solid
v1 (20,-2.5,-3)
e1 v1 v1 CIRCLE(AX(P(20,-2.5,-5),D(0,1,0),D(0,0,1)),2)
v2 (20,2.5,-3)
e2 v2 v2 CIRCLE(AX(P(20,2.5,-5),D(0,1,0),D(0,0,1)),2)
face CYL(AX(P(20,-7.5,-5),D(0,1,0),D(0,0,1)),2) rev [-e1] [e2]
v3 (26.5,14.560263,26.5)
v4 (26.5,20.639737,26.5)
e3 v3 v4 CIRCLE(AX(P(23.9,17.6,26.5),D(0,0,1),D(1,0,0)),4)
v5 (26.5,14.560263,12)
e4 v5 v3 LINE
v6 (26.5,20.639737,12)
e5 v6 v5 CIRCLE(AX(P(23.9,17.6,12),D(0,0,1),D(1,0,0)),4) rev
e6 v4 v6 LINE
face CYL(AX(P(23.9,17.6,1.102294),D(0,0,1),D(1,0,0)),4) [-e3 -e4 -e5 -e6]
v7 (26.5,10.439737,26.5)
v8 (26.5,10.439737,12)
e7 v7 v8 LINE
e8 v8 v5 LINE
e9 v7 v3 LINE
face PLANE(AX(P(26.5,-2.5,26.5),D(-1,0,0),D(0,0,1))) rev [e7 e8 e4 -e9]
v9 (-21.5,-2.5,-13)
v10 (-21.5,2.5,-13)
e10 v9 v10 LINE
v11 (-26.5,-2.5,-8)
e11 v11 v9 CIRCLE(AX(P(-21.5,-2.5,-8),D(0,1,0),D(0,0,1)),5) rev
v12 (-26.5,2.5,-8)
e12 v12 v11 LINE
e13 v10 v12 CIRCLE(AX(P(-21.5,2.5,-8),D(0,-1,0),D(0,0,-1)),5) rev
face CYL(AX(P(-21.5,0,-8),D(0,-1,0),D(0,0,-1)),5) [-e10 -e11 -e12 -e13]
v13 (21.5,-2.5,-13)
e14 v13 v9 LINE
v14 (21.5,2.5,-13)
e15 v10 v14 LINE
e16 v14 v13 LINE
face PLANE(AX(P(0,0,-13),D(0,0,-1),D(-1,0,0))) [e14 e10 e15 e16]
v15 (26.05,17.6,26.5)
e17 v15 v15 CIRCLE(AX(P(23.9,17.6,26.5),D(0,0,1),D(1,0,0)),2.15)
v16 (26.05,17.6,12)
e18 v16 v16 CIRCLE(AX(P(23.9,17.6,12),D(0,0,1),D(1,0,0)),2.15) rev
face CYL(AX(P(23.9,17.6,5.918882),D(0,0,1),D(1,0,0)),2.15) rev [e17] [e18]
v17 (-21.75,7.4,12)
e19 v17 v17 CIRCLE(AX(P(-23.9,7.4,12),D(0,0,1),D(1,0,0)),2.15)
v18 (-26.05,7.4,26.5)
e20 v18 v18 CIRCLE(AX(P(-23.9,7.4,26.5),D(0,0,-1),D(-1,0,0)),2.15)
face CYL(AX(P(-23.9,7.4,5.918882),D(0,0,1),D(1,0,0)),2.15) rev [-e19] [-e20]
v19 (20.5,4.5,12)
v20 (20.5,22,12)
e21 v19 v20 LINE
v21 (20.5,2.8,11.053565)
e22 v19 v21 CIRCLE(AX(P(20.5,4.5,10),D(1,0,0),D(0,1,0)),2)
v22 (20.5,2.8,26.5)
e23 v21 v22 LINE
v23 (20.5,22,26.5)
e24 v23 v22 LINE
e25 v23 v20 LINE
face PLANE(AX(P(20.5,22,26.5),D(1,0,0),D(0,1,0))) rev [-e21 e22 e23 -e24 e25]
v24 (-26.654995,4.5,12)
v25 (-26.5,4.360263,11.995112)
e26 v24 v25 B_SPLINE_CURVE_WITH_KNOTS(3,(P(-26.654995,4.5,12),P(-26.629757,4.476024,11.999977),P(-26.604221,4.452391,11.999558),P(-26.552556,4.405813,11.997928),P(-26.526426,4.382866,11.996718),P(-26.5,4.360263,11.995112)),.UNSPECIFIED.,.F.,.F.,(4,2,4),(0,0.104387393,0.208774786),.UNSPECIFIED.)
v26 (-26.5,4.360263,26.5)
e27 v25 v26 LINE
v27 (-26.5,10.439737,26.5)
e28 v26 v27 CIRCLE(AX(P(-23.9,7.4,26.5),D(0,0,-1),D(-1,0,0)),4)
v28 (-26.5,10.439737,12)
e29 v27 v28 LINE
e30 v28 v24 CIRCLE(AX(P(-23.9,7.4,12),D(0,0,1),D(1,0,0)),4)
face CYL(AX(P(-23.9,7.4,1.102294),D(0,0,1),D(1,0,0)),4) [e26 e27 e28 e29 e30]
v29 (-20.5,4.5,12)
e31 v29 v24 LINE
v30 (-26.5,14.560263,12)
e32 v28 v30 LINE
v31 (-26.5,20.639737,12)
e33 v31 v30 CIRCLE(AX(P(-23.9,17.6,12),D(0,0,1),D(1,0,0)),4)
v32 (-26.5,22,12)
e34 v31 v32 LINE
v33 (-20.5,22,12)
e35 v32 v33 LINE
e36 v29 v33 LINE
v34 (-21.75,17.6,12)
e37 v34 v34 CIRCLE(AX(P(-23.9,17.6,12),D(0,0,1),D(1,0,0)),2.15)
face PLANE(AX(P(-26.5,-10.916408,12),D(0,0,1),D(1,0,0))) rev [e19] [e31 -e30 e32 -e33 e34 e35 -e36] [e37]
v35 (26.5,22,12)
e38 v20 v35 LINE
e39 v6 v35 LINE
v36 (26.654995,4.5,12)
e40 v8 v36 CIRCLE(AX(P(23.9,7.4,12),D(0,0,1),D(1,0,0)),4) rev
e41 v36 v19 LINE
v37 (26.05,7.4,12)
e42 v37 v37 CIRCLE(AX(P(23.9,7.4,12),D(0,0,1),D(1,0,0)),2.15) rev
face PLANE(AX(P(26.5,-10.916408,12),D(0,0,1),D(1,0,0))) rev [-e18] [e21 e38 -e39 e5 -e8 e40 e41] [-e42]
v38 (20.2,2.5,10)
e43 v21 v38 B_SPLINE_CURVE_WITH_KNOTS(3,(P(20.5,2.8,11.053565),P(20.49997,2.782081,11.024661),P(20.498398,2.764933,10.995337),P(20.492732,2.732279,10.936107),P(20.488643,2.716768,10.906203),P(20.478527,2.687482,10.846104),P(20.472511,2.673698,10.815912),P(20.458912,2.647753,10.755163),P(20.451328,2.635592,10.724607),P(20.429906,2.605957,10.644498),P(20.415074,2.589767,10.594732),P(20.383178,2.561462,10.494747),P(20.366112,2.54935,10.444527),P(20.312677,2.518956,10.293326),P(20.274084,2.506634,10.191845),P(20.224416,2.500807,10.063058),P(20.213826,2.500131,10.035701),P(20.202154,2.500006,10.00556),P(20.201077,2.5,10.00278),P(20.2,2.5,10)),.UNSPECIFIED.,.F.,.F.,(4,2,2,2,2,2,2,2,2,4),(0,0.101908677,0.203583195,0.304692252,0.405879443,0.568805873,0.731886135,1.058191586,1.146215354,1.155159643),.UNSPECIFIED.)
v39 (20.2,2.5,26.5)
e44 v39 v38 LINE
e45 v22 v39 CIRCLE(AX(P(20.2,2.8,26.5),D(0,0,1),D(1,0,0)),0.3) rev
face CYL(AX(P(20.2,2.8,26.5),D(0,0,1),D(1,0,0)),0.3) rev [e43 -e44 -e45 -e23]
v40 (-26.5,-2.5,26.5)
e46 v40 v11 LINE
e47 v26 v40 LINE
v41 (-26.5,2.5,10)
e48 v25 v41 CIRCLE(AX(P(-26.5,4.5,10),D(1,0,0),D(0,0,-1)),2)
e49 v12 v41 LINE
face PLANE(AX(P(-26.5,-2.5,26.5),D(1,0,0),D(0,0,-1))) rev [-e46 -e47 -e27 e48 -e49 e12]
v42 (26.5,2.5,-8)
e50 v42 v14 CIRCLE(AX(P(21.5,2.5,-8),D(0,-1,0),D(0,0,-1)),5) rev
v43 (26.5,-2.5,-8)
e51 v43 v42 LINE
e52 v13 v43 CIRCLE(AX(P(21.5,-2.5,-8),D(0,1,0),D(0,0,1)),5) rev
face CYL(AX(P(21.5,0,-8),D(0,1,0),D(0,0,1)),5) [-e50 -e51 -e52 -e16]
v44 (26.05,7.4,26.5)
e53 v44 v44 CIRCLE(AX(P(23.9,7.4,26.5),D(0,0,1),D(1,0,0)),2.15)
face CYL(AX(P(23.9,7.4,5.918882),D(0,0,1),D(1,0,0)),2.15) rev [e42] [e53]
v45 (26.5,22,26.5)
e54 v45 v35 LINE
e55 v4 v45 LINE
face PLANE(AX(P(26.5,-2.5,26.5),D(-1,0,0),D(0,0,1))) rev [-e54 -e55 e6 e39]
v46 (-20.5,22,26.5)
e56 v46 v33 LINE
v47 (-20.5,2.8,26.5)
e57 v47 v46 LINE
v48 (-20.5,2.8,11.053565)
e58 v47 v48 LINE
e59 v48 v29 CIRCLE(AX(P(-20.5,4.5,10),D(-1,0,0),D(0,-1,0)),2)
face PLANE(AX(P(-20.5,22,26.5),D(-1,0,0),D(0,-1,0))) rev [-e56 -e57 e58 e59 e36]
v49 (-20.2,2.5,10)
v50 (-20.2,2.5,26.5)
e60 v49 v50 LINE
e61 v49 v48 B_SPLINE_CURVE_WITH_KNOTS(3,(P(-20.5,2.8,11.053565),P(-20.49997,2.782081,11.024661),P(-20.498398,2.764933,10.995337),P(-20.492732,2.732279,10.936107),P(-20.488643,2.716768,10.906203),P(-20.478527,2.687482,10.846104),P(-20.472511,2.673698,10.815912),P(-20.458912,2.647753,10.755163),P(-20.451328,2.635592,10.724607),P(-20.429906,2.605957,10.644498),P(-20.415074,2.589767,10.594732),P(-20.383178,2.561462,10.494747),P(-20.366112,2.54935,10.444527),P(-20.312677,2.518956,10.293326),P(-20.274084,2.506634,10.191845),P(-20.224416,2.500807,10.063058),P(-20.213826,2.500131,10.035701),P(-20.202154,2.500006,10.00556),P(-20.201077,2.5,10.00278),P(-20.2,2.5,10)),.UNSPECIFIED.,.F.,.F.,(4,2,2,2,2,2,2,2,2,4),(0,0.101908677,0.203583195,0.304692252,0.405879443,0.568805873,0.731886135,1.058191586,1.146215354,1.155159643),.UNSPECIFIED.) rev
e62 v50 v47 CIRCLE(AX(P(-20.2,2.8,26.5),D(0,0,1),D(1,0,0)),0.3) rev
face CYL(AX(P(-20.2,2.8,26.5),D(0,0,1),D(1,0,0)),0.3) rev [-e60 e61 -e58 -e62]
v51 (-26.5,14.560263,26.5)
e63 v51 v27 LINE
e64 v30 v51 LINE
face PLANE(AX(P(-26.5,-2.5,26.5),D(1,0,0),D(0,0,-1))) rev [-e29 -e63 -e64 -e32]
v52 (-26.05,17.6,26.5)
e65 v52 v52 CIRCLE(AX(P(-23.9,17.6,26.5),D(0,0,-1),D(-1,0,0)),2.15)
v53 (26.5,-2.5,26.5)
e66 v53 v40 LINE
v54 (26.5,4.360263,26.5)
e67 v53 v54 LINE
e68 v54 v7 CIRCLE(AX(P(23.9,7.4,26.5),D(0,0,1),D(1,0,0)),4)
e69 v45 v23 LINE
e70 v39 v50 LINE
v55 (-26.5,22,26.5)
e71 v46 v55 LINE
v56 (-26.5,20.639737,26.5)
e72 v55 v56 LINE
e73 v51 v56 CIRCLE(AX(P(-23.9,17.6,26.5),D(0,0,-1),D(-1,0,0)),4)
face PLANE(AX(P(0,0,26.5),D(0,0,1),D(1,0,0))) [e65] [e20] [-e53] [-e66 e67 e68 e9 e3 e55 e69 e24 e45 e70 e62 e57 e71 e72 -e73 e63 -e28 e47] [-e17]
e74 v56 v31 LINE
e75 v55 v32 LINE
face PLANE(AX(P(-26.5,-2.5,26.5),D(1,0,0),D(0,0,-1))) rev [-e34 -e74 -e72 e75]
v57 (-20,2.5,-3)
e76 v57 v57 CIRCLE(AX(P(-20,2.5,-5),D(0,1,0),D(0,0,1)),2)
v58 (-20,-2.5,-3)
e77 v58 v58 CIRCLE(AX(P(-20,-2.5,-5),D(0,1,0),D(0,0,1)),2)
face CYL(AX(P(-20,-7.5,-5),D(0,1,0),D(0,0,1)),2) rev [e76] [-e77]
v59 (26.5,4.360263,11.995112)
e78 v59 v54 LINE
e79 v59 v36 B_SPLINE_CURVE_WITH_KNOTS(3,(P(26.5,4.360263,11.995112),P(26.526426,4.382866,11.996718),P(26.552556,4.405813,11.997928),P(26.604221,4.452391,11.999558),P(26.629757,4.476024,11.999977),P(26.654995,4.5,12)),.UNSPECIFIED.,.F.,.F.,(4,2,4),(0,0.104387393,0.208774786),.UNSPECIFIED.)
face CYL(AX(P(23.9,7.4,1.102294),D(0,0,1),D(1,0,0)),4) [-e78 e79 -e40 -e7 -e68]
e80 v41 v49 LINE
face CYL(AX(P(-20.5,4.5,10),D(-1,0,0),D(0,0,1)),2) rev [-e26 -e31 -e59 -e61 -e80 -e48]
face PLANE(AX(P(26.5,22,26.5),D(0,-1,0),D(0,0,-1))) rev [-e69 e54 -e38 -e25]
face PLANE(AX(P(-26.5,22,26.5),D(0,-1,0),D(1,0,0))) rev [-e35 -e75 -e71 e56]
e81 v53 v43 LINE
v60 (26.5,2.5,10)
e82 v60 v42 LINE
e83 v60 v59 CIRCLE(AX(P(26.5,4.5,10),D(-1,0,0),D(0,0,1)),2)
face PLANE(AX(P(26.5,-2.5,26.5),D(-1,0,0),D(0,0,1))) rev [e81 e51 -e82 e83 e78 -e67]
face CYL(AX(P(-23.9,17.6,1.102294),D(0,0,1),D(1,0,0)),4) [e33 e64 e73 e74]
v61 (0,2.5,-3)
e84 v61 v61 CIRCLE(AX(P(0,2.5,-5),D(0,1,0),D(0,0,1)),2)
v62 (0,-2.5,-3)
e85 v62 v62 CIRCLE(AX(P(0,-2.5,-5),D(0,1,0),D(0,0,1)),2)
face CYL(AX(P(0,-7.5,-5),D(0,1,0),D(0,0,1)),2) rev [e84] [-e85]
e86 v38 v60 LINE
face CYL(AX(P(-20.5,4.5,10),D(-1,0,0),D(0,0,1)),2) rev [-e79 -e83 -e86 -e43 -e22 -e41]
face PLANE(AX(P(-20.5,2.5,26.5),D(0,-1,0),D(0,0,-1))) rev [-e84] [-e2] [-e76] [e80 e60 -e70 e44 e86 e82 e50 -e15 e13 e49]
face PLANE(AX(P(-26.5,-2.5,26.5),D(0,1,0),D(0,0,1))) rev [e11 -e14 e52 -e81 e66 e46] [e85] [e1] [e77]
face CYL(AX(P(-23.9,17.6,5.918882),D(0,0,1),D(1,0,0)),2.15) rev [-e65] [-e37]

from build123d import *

# Parameters (mm, degrees)
BOSS_EXTRUDE1_DEPTH = 26.5
SKETCH4_W           = 6
SKETCH4_H           = 12
CUT_EXTRUDE2_DEPTH  = 19.5
FILLET2_R           = 0.3
FILLET3_R           = 0.3
BOSS_EXTRUDE3_DEPTH = 14.5
SKETCH8_R           = 2.15
CUT_EXTRUDE4_DEPTH  = 14.5
FILLET4_R           = 2
SKETCH9_W           = 53
SKETCH9_H           = 5
BOSS_EXTRUDE4_DEPTH = 13
SKETCH10_R          = 2
CUT_EXTRUDE5_DEPTH  = 10
FILLET9_R           = 5
SKETCH11_W          = 53
SKETCH11_H          = 5
BOSS_EXTRUDE5_DEPTH = 6.5
FILLET11_R          = 5
SKETCH12_W          = 57.342975089
SKETCH12_H          = 7.176836001
CUT_EXTRUDE6_DEPTH  = 5


with BuildPart() as part:
    # Sketch1 → Boss-Extrude1 (new body)
    with BuildSketch(Plane.XY):
        Polygon((-20.5, 2.5), (20.5, 2.5), (20.5, 22), (26.5, 22), (26.5, -2.5), (-26.5, -2.5), (-26.5, 22), (-20.5, 22), align=None)
    extrude(amount=BOSS_EXTRUDE1_DEPTH)

    # Sketch4 → Cut-Extrude2 (cut)
    with BuildSketch(Plane(origin=(0, 22, 0), x_dir=(1, 0, 0), z_dir=(0, 1, 0))):
        with Locations((-23.5, -6)):
            Rectangle(SKETCH4_W, SKETCH4_H)
        with Locations((23.5, -6)):
            Rectangle(SKETCH4_W, SKETCH4_H)
    extrude(amount=-CUT_EXTRUDE2_DEPTH, mode=Mode.SUBTRACT)

    # Fillet2
    fillet2_edges = [part.edges().sort_by_distance(p)[0] for p in [
        (20.5, 2.5, 19.25),
    ]]
    fillet(fillet2_edges, radius=FILLET2_R)

    # Fillet3
    fillet3_edges = [part.edges().sort_by_distance(p)[0] for p in [
        (-20.5, 2.5, 19.25),
    ]]
    fillet(fillet3_edges, radius=FILLET3_R)

    # Sketch7 → Boss-Extrude3 (add)
    with BuildSketch(Plane.XY.offset(26.5)):
        with BuildLine():
            Line((20.5, 19.707130751), (20.5, 15.492869249))
            ThreePointArc((20.5, 15.492869249), (27.9, 17.6), (20.5, 19.707130751))
        make_face()
        with BuildLine():
            Line((20.5, 9.507130751), (20.5, 5.292869249))
            ThreePointArc((20.5, 5.292869249), (27.9, 7.4), (20.5, 9.507130751))
        make_face()
    boss_extrude3 = extrude(amount=-BOSS_EXTRUDE3_DEPTH)

    # Sketch8 → Cut-Extrude4 (cut)
    with BuildSketch(Plane.XY.offset(26.5)):
        with Locations((23.9, 17.6)):
            Circle(SKETCH8_R)
        with Locations((23.9, 7.4)):
            Circle(SKETCH8_R)
    cut_extrude4 = extrude(amount=-CUT_EXTRUDE4_DEPTH, mode=Mode.SUBTRACT)

    # Mirror3: Boss-Extrude3, Cut-Extrude4 across plane
    add(boss_extrude3.mirror(Plane.ZY))
    add(cut_extrude4.mirror(Plane.ZY), mode=Mode.SUBTRACT)

    # Fillet4
    fillet4_edges = [part.edges().sort_by_distance(p)[0] for p in [
        (-23.35, 2.5, 12),
        (23.35, 2.5, 12),
    ]]
    fillet(fillet4_edges, radius=FILLET4_R)

    # Sketch9 → Boss-Extrude4 (add)
    with BuildSketch(Plane(origin=(0, 0, 0), x_dir=(-1, 0, 0), z_dir=(0, 0, -1))):
        Rectangle(SKETCH9_W, SKETCH9_H)
    extrude(amount=BOSS_EXTRUDE4_DEPTH)

    # Sketch10 → Cut-Extrude5 (cut)
    with BuildSketch(Plane(origin=(0, 2.5, 0), x_dir=(1, 0, 0), z_dir=(0, 1, 0))):
        with Locations((20, 5)):
            Circle(SKETCH10_R)
        with Locations((0, 5)):
            Circle(SKETCH10_R)
        with Locations((-20, 5)):
            Circle(SKETCH10_R)
    extrude(amount=-CUT_EXTRUDE5_DEPTH, mode=Mode.SUBTRACT)

    # Fillet9
    fillet9_edges = [part.edges().sort_by_distance(p)[0] for p in [
        (-26.5, 0, -13),
        (26.5, 0, -13),
    ]]
    fillet(fillet9_edges, radius=FILLET9_R)

    # Sketch11 → Boss-Extrude5 (add)
    with BuildSketch(Plane.XY.offset(26.5)):
        Rectangle(SKETCH11_W, SKETCH11_H)
    extrude(amount=BOSS_EXTRUDE5_DEPTH)

    # Fillet11
    fillet11_edges = [part.edges().sort_by_distance(p)[0] for p in [
        (-26.5, 0, 33),
        (26.5, 0, 33),
    ]]
    fillet(fillet11_edges, radius=FILLET11_R)

    # Sketch12 → Cut-Extrude6 (cut)
    with BuildSketch(Plane(origin=(0, 2.5, 0), x_dir=(1, 0, 0), z_dir=(0, 1, 0))):
        with Locations((-0.596167356, -30.088418001)):
            Rectangle(SKETCH12_W, SKETCH12_H)
    extrude(amount=-CUT_EXTRUDE6_DEPTH, mode=Mode.SUBTRACT)


solid = part.part
